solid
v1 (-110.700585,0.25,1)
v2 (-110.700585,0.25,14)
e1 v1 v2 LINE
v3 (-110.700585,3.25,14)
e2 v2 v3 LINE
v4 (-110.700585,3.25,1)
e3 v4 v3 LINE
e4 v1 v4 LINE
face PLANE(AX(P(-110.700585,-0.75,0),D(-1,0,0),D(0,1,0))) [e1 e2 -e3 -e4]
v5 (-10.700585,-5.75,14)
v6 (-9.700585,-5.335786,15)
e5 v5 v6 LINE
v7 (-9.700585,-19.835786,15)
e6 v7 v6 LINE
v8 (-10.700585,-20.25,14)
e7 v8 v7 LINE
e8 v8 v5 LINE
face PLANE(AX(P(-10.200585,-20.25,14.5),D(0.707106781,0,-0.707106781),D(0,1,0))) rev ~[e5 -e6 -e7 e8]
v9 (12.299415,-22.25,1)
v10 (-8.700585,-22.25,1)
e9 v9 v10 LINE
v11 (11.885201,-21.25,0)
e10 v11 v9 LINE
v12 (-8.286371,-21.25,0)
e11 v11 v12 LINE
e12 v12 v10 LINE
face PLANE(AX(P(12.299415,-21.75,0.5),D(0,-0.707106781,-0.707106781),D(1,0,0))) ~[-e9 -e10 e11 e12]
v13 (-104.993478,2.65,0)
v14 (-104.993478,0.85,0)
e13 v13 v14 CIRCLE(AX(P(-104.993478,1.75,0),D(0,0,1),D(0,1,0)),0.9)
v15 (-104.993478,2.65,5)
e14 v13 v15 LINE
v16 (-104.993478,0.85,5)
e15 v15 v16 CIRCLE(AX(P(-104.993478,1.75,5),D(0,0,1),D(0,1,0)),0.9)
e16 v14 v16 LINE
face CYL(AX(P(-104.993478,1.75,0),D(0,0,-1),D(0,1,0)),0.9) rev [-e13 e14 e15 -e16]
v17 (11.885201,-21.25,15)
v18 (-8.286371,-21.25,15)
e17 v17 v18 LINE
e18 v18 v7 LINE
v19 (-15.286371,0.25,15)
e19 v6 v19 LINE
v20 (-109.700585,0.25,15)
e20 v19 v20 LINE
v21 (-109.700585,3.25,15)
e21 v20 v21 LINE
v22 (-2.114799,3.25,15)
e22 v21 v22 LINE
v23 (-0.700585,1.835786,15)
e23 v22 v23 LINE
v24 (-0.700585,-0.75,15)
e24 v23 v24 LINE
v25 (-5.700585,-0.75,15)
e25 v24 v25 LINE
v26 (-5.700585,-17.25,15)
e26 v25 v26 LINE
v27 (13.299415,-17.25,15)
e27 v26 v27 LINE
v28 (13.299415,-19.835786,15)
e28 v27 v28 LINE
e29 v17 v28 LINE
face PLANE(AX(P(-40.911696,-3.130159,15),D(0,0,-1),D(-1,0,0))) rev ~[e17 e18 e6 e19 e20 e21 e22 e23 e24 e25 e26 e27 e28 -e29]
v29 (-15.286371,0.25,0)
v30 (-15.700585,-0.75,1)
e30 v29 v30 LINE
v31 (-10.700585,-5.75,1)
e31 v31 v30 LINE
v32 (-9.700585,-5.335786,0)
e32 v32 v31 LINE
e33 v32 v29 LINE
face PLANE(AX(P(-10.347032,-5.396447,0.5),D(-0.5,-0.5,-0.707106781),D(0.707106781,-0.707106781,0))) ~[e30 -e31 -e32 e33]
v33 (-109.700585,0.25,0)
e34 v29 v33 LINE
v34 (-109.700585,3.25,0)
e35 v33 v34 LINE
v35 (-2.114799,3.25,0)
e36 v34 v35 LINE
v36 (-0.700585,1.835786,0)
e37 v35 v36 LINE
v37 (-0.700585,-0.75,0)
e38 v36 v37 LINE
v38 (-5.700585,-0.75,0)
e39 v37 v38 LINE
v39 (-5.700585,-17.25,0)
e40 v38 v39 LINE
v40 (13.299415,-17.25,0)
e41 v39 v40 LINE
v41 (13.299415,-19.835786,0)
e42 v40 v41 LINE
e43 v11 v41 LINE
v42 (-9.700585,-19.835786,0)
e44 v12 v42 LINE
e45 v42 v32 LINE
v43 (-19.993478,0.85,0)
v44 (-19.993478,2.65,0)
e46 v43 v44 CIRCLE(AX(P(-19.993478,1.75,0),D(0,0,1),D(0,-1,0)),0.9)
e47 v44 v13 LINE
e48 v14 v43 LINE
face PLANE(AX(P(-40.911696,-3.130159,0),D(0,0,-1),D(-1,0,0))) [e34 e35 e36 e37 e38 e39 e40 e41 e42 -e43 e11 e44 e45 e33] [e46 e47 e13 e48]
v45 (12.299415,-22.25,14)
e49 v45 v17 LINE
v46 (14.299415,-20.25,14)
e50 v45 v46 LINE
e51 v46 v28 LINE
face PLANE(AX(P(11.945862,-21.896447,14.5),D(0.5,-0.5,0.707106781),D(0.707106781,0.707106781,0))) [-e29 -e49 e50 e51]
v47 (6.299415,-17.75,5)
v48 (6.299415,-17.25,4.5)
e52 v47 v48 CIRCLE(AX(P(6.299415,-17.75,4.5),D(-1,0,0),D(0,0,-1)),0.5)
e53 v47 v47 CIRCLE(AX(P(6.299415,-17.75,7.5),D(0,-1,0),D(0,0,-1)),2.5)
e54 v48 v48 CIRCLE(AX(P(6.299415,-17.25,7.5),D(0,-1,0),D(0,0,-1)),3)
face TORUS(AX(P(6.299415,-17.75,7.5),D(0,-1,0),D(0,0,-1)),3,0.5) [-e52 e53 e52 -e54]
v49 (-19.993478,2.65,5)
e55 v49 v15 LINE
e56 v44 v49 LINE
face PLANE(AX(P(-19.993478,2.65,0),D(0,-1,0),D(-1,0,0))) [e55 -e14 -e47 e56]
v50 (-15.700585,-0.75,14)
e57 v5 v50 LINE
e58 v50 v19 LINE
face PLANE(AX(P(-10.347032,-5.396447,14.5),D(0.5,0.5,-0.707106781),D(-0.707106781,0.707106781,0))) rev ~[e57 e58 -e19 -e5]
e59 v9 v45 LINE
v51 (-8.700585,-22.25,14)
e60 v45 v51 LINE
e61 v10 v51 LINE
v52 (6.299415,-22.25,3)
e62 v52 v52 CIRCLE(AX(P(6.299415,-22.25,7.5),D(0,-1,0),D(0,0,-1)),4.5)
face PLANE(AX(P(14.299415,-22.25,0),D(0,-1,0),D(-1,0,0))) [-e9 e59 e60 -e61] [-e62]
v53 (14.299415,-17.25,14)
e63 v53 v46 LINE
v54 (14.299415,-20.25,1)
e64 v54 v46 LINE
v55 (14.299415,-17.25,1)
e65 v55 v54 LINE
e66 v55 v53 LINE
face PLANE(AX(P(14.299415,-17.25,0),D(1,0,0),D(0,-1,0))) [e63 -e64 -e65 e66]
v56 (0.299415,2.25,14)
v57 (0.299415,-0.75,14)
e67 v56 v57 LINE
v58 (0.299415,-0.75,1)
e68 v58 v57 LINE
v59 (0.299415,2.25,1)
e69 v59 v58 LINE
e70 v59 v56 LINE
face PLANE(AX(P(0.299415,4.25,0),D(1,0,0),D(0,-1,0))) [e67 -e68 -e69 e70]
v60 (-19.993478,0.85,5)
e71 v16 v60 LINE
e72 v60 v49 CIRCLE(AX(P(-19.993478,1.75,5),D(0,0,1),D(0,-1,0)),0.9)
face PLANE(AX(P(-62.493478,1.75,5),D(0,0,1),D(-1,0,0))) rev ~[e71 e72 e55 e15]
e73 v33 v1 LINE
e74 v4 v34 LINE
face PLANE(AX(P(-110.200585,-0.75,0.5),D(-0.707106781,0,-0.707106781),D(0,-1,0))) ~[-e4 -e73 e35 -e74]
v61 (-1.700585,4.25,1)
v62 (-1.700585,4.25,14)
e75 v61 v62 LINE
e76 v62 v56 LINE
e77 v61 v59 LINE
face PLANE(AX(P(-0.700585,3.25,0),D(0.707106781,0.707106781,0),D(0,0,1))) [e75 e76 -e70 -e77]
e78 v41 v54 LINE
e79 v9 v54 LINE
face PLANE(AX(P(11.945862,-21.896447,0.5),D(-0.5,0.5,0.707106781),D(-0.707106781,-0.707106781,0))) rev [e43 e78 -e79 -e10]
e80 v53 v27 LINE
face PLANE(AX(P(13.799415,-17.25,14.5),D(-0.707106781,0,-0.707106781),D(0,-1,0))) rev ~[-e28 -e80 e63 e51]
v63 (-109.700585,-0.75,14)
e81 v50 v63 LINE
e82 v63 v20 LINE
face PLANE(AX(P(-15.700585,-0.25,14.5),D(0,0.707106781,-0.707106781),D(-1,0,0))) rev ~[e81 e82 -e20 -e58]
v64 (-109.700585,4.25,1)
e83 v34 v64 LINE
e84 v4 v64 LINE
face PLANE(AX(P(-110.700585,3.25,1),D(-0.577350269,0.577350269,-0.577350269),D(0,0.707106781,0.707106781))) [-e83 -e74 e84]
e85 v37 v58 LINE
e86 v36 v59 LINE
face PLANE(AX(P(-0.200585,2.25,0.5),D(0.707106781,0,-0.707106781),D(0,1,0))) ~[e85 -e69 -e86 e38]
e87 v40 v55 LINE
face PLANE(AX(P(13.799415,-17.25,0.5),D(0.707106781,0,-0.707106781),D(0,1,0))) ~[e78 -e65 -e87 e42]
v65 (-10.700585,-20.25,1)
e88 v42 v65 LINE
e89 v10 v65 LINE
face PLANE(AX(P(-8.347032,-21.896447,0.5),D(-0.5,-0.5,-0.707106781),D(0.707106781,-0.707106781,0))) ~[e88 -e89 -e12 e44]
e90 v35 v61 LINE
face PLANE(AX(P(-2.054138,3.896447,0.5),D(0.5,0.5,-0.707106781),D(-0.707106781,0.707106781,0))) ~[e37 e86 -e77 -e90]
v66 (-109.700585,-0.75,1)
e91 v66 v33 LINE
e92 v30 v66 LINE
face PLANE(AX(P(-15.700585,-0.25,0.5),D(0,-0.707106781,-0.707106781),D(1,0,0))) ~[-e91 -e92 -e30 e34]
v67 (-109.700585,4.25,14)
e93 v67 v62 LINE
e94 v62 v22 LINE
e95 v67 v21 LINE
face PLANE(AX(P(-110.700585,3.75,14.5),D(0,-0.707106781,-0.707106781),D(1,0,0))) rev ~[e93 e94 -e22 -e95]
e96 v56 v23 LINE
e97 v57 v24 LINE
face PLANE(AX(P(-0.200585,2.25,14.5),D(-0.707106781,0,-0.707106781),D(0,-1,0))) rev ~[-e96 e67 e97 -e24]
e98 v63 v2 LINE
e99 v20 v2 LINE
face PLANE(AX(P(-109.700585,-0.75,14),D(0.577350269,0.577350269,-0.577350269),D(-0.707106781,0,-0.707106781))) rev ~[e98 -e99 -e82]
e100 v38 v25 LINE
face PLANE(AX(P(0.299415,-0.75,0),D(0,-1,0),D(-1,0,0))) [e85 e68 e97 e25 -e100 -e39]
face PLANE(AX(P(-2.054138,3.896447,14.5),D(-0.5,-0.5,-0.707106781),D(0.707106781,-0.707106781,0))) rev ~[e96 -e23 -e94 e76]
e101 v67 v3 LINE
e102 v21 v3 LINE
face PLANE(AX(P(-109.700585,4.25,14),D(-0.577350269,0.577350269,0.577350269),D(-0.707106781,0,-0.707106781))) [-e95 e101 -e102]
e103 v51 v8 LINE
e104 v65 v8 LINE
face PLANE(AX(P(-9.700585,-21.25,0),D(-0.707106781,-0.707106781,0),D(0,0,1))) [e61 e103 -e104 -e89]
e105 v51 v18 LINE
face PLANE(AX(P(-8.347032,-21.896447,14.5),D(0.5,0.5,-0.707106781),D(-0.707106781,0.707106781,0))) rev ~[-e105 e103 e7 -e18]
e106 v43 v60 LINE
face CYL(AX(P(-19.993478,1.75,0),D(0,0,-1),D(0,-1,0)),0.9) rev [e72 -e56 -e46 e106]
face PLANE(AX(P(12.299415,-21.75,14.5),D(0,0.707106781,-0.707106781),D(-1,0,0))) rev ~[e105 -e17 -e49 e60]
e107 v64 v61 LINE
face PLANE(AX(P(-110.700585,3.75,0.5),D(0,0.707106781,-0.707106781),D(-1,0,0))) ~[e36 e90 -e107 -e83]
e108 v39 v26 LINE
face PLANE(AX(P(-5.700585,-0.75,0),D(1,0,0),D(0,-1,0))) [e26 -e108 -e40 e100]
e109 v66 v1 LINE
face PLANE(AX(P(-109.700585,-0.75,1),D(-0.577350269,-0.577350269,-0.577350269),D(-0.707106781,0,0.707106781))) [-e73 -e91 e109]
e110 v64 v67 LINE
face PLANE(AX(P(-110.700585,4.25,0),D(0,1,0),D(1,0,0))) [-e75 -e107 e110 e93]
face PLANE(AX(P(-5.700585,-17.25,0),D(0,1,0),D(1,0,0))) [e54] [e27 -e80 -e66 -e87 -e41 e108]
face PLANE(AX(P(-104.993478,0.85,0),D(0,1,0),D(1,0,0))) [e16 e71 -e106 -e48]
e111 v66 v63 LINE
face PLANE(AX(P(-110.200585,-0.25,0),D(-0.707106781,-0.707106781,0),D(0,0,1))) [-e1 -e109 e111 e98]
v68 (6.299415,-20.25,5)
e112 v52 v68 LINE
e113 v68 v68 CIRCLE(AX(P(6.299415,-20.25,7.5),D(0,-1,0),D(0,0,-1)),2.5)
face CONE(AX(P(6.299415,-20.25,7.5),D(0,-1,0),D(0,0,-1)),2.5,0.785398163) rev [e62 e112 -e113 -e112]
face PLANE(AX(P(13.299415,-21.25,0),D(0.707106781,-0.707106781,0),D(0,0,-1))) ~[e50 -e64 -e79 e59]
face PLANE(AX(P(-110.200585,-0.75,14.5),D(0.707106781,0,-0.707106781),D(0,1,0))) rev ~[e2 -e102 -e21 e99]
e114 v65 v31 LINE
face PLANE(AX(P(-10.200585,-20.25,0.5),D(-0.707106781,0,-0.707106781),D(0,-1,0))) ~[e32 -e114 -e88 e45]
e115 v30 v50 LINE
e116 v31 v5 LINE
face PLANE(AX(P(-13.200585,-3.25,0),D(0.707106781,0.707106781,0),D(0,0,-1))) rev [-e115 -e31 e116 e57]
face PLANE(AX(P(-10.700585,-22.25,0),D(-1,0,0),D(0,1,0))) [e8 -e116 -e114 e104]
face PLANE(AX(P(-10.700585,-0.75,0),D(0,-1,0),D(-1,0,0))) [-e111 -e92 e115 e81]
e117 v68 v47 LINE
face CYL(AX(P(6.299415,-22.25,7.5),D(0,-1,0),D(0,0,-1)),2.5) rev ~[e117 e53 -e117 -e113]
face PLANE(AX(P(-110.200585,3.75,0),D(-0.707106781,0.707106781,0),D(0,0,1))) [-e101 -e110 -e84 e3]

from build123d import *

# Parameters (mm, degrees)
RESSALTO_EXTRUS_O1_DEPTH = 15
ESBO_O3_R                = 2.5
CORTE_EXTRUS_O1_DEPTH    = 15
CHANFRO1_SIZE            = 2
FILETE1_R                = 0.5
CHANFRO5_SIZE            = 2
CHANFRO7_SIZE            = 5
CHANFRO9_SIZE            = 1
CORTE_EXTRUS_O2_DEPTH    = 5


with BuildPart() as part:
    # Esboço1 → Ressalto-extrusão1 (new body)
    with BuildSketch(Plane.XY):
        Polygon((0.299414955, -0.75), (-5.700585045, -0.75), (-5.700585045, -17.25), (14.299414955, -17.25), (14.299414955, -22.25), (-10.700585045, -22.25), (-10.700585045, -0.75), (-110.700585045, -0.75), (-110.700585045, 4.25), (0.299414955, 4.25), align=None)
    extrude(amount=RESSALTO_EXTRUS_O1_DEPTH)

    # Esboço3 → Corte-extrusão1 (cut)
    with BuildSketch(Plane.XZ.offset(22.25)):
        with Locations(Location((6.299414955, 7.5, 0), (0, 0, 270))):
            Circle(ESBO_O3_R)
    extrude(amount=-CORTE_EXTRUS_O1_DEPTH, mode=Mode.SUBTRACT)

    # Chanfro1
    chanfro1_edges = [part.edges().sort_by_distance(p)[0] for p in [
        (6.299414955, -22.25, 10),
    ]]
    chamfer(chanfro1_edges, length=CHANFRO1_SIZE)

    # Filete1
    filete1_edges = [part.edges().sort_by_distance(p)[0] for p in [
        (6.299414955, -17.25, 10),
    ]]
    fillet(filete1_edges, radius=FILETE1_R)

    # Chanfro5
    chanfro5_edges = [part.edges().sort_by_distance(p)[0] for p in [
        (14.299414955, -22.25, 7.5),
        (-10.700585045, -22.25, 7.5),
        (0.299414955, 4.25, 7.5),
    ]]
    chamfer(chanfro5_edges, length=CHANFRO5_SIZE)

    # Chanfro7
    chanfro7_edges = [part.edges().sort_by_distance(p)[0] for p in [
        (-10.700585045, -0.75, 7.5),
    ]]
    chamfer(chanfro7_edges, length=CHANFRO7_SIZE)

    # Chanfro9
    chanfro9_edges = [part.edges().sort_by_distance(p)[0] for p in [
        (13.299414955, -21.25, 0),
        (14.299414955, -18.75, 0),
        (0.299414955, 0.75, 0),
        (-0.700585045, 3.25, 0),
        (-56.200585045, 4.25, 0),
        (-110.700585045, 1.75, 0),
        (-63.200585045, -0.75, 0),
        (-13.200585045, -3.25, 0),
        (-10.700585045, -13, 0),
        (-9.700585045, -21.25, 0),
        (1.799414955, -22.25, 0),
        (-110.700585045, 1.75, 15),
        (-56.200585045, 4.25, 15),
        (-0.700585045, 3.25, 15),
        (0.299414955, 0.75, 15),
        (14.299414955, -18.75, 15),
        (13.299414955, -21.25, 15),
        (1.799414955, -22.25, 15),
        (-9.700585045, -21.25, 15),
        (-10.700585045, -13, 15),
        (-13.200585045, -3.25, 15),
        (-63.200585045, -0.75, 15),
        (-110.700585045, 4.25, 7.5),
        (-110.700585045, -0.75, 7.5),
    ]]
    chamfer(chanfro9_edges, length=CHANFRO9_SIZE)

    # Esboço4 → Corte-extrusão2 (cut)
    with BuildSketch(Plane(origin=(0, -10.75, 0), x_dir=(1, 0, 0), z_dir=(0, 0, -1))):
        with BuildLine():
            Line((-104.993478264, -11.6), (-19.993478264, -11.6))
            ThreePointArc((-19.993478264, -11.6), (-19.093478264, -12.5), (-19.993478264, -13.4))
            Line((-19.993478264, -13.4), (-104.993478264, -13.4))
            ThreePointArc((-104.993478264, -13.4), (-105.893478264, -12.5), (-104.993478264, -11.6))
        make_face()
    extrude(amount=-CORTE_EXTRUS_O2_DEPTH, mode=Mode.SUBTRACT)


solid = part.part
